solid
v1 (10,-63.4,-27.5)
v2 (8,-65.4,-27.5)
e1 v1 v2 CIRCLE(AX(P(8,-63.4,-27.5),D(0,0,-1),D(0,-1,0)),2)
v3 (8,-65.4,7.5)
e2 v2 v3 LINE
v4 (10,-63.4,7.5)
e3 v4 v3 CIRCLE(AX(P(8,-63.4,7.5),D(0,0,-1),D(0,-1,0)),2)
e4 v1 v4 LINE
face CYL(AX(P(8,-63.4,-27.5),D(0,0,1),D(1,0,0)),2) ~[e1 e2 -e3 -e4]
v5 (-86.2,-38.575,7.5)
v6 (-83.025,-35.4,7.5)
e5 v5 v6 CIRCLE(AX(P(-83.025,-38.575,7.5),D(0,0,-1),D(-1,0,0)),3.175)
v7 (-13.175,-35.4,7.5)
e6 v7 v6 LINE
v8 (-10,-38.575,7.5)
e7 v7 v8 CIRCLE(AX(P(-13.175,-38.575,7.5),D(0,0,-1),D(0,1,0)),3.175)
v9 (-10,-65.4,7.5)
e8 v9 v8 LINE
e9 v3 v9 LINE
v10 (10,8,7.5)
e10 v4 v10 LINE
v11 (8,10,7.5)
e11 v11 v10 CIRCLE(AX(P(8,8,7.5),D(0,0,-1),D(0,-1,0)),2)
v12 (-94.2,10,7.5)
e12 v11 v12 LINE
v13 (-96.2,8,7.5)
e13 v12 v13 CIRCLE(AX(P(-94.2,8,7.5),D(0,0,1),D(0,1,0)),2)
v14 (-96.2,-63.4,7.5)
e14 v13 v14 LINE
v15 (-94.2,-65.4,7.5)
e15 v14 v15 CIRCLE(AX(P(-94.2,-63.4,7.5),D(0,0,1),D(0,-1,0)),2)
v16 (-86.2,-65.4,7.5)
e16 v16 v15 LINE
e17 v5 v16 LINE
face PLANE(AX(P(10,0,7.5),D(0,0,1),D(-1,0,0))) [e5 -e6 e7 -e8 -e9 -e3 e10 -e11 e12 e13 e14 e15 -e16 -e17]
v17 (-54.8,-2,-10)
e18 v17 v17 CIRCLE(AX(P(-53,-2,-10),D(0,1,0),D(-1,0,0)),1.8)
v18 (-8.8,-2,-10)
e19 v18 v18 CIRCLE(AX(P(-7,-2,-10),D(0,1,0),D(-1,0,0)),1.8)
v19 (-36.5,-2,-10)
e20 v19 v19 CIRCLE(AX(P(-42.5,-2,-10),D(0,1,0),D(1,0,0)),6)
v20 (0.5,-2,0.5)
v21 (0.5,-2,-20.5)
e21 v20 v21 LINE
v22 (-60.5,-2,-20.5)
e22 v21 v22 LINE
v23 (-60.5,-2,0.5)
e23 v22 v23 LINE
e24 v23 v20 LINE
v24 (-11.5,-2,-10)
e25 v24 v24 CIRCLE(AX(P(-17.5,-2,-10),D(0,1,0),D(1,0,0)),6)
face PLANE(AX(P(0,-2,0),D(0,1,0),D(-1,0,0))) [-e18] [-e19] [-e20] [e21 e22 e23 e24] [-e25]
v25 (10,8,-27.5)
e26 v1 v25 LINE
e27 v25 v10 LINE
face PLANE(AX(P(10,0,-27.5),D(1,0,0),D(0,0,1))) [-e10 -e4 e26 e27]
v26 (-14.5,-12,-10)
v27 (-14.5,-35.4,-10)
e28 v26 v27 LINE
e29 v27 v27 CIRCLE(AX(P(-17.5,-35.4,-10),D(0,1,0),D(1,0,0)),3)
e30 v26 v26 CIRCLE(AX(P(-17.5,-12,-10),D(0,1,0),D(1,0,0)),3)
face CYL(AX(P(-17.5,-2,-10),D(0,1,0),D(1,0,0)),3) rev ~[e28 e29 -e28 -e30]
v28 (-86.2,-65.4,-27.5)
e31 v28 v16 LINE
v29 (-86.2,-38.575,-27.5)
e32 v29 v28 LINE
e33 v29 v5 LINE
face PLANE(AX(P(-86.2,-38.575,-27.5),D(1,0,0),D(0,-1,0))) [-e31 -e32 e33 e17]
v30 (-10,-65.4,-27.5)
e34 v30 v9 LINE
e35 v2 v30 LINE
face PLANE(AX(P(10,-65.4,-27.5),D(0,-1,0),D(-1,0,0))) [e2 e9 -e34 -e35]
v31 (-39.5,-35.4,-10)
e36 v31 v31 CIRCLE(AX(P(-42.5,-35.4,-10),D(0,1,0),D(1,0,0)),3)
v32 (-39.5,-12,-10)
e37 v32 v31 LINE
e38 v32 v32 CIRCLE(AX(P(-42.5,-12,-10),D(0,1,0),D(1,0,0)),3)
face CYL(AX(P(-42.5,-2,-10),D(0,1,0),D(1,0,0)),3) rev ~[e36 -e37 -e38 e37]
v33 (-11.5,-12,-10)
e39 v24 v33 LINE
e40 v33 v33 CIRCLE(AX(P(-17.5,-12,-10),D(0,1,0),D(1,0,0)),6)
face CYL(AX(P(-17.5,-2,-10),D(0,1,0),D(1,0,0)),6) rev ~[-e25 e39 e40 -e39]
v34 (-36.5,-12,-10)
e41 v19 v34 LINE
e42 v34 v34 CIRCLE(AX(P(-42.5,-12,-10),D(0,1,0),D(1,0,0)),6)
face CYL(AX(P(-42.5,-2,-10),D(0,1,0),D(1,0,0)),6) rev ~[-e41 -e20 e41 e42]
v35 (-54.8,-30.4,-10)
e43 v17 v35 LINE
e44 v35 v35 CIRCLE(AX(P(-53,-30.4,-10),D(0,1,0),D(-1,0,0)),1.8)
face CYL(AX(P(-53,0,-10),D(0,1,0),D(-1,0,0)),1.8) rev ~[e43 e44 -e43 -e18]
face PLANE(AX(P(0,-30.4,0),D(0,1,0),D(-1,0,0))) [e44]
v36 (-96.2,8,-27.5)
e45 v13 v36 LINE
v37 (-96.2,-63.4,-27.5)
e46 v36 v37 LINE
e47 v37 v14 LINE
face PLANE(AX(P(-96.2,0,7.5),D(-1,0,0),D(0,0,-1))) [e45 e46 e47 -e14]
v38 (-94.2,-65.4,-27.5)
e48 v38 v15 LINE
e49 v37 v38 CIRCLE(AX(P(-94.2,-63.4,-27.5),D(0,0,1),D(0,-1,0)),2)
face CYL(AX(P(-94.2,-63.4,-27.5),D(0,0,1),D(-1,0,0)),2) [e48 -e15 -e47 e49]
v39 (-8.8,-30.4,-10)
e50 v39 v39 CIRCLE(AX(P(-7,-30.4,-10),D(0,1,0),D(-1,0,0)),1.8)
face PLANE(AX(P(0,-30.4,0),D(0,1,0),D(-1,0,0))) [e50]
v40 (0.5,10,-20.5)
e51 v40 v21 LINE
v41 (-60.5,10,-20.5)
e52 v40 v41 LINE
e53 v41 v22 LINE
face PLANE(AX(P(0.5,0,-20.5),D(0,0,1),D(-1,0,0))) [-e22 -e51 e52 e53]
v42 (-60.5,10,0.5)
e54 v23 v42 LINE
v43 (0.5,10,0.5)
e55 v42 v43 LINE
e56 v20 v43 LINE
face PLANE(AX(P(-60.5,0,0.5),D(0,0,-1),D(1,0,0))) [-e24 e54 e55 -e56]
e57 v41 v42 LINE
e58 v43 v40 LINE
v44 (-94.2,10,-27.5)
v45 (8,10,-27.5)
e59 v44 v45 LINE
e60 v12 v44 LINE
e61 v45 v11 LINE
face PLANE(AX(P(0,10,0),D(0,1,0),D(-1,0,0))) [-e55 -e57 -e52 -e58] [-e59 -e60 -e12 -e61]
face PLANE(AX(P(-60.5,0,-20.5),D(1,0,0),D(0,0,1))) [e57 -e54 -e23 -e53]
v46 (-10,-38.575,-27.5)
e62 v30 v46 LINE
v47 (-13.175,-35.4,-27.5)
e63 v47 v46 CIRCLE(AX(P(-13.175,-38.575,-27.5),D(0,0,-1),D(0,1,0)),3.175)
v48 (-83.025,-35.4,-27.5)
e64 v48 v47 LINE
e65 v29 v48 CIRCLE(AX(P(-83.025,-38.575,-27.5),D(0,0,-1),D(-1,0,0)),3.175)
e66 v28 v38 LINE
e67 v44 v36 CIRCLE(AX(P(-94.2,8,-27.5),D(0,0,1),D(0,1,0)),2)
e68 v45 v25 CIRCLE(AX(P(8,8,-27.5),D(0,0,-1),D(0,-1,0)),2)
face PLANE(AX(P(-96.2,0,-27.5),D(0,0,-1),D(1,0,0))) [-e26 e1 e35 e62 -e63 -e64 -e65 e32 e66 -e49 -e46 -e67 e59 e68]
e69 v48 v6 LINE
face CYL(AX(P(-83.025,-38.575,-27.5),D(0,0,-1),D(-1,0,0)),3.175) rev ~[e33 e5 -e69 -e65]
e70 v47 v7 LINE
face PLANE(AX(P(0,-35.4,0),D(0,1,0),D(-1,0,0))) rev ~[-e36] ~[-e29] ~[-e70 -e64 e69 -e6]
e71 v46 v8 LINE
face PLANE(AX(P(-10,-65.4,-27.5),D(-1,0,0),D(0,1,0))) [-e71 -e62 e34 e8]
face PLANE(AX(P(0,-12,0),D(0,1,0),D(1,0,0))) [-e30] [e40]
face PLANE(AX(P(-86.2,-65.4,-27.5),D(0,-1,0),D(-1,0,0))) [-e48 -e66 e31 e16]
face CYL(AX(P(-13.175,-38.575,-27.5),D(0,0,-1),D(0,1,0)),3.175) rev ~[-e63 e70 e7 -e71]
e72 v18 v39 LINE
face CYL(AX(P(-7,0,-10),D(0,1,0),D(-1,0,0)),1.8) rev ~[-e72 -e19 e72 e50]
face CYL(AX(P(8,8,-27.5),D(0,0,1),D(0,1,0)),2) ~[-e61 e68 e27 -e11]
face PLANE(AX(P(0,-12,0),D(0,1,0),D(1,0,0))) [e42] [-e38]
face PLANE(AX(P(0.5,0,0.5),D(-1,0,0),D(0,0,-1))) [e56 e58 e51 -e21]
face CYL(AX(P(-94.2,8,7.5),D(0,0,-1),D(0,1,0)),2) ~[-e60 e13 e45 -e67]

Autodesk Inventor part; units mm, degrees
ref_plane "YZ Plane" through (0, 0, 0) normal (1, 0, 0) x (0, 1, 0)
ref_plane "XZ Plane" through (0, 0, 0) normal (0, 1, 0) x (-1, 0, 0)
ref_plane "XY Plane" through (0, 0, 0) normal (0, 0, 1) x (1, 0, 0)
sketch "Sketch1" plane through (0, 0, 0) normal (0, 1, 0) x (-1, 0, 0)
  line L0 (0, 0) -> (60, 0) construction
  line L1 (60, 0) -> (60, -20) construction
  line L2 (60, -20) -> (0, -20) construction
  line L3 (0, -20) -> (0, 0) construction
  line L4 (60.5, 0.5) -> (-0.5, 0.5)
  line L5 (-0.5, 0.5) -> (-0.5, -20.5)
  line L6 (-0.5, -20.5) -> (60.5, -20.5)
  line L7 (60.5, -20.5) -> (60.5, 0.5)
  circle A0 centre (53, -10) radius 1.8
  circle A1 centre (7, -10) radius 1.8
  line L8 (53, -10) -> (7, -10) construction
  point P0 (30, -10)
  point P1 (30, -20)
  point P2 (7, -10)
  point P3 (0, -10)
  dimension "d0" = 20
  dimension "d1" = 60
  dimension "d2" = 0.5
  dimension "d3" = 0.5
  dimension "d4" = 0.5
  dimension "d5" = 0.5
  dimension "d6" = 3.6
  dimension "d7" = 46
sketch "Sketch2" plane through (0, 0, 0) normal (0, 1, 0) x (-1, 0, 0)
  line L0 (-10, 7.5) -> (96.2, 7.5)
  line L1 (96.2, 7.5) -> (96.2, -27.5)
  line L2 (96.2, -27.5) -> (-10, -27.5)
  line L3 (-10, -27.5) -> (-10, 7.5)
  line L4 (60.5, -20.5) -> (60.5, 0.5) construction
  line L5 (-0.5, 0.5) -> (-0.5, -20.5) construction
  line L6 (-0.5, -20.5) -> (60.5, -20.5) construction
  point P0 (0, 0)
  point P1 (60.5, -10)
  point P2 (96.2, -10)
  point P3 (30, -20.5)
  point P4 (43.1, -27.5)
  dimension "d9" = 106.2
  dimension "d10" = 35
  dimension "d43" = 10
extrude "Extrusion1" add sketch "Sketch2" along normal blind 10 and the other way blind 35.4
extrude "Extrusion2" cut sketch "Sketch1" along normal blind 10 and the other way blind 2
extrude "Extrusion3" cut sketch "Sketch1" along normal blind 10 and the other way blind 30.4 contours A0 | A1
sketch "Sketch3" plane through (10, 10, -27.5) normal (0, 0, -1) x (-1, 0, 0)
  line L0 (106.2, -45.4) -> (0, -45.4) projected
  line L1 (0, -45.4) -> (0, -75.4)
  line L2 (0, -75.4) -> (20, -75.4)
  line L3 (20, -75.4) -> (20, -48.575)
  line L4 (23.175, -45.4) -> (93.025, -45.4)
  line L5 (96.2, -48.575) -> (96.2, -75.4)
  line L6 (96.2, -75.4) -> (106.2, -75.4)
  line L7 (106.2, -75.4) -> (106.2, -45.4)
  arc A0 (23.175, -45.4) -> (20, -48.575) centre (23.175, -48.575) ccw
  arc A1 (96.2, -48.575) -> (93.025, -45.4) centre (93.025, -48.575) ccw
  point P0 (10, -10)
  point P1 (20, -45.4)
  point P2 (96.2, -45.4)
  point P3 (53.1, -45.4)
  point P4 (93.025, -45.4)
  dimension "d23" = 76.2
  dimension "d24" = 3.175
  dimension "d25" = 20
  dimension "d26" = 30
extrude "Extrusion4" add sketch "Sketch3" against normal up to surface (35 mm away)
sketch "Sketch4" plane through (0, -2, 0) normal (0, 1, 0) x (1, 0, 0)
  circle A0 centre (-42.5, 10) radius 3
  circle A1 centre (-17.5, 10) radius 3
  line L0 (-60.5, 20.5) -> (0.5, 20.5) construction
  line L1 (-60.5, -0.5) -> (-60.5, 20.5) construction
  line L2 (-42.5, 10) -> (-17.5, 10) construction
  point P0 (0, 0)
  point P1 (-30, 20.5)
  point P2 (-30, 10)
  point P3 (-60.5, 10)
  dimension "d29" = 6
  dimension "d30" = 25
extrude "Extrusion5" cut sketch "Sketch4" against normal up to surface (33.4 mm away)
sketch "Sketch5" plane through (0, -2, 0) normal (0, 1, 0) x (1, 0, 0)
  circle A0 centre (-42.5, 10) radius 3 construction
  circle A1 centre (-17.5, 10) radius 3 construction
  circle A2 centre (-17.5, 10) radius 6
  circle A3 centre (-42.5, 10) radius 6
  point P0 (0, 0)
  dimension "d34" = 12
extrude "Extrusion6" cut sketch "Sketch5" against normal blind 10
fillet "Fillet1" radius 2 2 edges at (-96.2, 10, -10) (10, 10, -10)
fillet "Fillet2" radius 2 2 edges at (-96.2, -65.4, -10) (10, -65.4, -10)
properties part number "BK12_Spacer"
